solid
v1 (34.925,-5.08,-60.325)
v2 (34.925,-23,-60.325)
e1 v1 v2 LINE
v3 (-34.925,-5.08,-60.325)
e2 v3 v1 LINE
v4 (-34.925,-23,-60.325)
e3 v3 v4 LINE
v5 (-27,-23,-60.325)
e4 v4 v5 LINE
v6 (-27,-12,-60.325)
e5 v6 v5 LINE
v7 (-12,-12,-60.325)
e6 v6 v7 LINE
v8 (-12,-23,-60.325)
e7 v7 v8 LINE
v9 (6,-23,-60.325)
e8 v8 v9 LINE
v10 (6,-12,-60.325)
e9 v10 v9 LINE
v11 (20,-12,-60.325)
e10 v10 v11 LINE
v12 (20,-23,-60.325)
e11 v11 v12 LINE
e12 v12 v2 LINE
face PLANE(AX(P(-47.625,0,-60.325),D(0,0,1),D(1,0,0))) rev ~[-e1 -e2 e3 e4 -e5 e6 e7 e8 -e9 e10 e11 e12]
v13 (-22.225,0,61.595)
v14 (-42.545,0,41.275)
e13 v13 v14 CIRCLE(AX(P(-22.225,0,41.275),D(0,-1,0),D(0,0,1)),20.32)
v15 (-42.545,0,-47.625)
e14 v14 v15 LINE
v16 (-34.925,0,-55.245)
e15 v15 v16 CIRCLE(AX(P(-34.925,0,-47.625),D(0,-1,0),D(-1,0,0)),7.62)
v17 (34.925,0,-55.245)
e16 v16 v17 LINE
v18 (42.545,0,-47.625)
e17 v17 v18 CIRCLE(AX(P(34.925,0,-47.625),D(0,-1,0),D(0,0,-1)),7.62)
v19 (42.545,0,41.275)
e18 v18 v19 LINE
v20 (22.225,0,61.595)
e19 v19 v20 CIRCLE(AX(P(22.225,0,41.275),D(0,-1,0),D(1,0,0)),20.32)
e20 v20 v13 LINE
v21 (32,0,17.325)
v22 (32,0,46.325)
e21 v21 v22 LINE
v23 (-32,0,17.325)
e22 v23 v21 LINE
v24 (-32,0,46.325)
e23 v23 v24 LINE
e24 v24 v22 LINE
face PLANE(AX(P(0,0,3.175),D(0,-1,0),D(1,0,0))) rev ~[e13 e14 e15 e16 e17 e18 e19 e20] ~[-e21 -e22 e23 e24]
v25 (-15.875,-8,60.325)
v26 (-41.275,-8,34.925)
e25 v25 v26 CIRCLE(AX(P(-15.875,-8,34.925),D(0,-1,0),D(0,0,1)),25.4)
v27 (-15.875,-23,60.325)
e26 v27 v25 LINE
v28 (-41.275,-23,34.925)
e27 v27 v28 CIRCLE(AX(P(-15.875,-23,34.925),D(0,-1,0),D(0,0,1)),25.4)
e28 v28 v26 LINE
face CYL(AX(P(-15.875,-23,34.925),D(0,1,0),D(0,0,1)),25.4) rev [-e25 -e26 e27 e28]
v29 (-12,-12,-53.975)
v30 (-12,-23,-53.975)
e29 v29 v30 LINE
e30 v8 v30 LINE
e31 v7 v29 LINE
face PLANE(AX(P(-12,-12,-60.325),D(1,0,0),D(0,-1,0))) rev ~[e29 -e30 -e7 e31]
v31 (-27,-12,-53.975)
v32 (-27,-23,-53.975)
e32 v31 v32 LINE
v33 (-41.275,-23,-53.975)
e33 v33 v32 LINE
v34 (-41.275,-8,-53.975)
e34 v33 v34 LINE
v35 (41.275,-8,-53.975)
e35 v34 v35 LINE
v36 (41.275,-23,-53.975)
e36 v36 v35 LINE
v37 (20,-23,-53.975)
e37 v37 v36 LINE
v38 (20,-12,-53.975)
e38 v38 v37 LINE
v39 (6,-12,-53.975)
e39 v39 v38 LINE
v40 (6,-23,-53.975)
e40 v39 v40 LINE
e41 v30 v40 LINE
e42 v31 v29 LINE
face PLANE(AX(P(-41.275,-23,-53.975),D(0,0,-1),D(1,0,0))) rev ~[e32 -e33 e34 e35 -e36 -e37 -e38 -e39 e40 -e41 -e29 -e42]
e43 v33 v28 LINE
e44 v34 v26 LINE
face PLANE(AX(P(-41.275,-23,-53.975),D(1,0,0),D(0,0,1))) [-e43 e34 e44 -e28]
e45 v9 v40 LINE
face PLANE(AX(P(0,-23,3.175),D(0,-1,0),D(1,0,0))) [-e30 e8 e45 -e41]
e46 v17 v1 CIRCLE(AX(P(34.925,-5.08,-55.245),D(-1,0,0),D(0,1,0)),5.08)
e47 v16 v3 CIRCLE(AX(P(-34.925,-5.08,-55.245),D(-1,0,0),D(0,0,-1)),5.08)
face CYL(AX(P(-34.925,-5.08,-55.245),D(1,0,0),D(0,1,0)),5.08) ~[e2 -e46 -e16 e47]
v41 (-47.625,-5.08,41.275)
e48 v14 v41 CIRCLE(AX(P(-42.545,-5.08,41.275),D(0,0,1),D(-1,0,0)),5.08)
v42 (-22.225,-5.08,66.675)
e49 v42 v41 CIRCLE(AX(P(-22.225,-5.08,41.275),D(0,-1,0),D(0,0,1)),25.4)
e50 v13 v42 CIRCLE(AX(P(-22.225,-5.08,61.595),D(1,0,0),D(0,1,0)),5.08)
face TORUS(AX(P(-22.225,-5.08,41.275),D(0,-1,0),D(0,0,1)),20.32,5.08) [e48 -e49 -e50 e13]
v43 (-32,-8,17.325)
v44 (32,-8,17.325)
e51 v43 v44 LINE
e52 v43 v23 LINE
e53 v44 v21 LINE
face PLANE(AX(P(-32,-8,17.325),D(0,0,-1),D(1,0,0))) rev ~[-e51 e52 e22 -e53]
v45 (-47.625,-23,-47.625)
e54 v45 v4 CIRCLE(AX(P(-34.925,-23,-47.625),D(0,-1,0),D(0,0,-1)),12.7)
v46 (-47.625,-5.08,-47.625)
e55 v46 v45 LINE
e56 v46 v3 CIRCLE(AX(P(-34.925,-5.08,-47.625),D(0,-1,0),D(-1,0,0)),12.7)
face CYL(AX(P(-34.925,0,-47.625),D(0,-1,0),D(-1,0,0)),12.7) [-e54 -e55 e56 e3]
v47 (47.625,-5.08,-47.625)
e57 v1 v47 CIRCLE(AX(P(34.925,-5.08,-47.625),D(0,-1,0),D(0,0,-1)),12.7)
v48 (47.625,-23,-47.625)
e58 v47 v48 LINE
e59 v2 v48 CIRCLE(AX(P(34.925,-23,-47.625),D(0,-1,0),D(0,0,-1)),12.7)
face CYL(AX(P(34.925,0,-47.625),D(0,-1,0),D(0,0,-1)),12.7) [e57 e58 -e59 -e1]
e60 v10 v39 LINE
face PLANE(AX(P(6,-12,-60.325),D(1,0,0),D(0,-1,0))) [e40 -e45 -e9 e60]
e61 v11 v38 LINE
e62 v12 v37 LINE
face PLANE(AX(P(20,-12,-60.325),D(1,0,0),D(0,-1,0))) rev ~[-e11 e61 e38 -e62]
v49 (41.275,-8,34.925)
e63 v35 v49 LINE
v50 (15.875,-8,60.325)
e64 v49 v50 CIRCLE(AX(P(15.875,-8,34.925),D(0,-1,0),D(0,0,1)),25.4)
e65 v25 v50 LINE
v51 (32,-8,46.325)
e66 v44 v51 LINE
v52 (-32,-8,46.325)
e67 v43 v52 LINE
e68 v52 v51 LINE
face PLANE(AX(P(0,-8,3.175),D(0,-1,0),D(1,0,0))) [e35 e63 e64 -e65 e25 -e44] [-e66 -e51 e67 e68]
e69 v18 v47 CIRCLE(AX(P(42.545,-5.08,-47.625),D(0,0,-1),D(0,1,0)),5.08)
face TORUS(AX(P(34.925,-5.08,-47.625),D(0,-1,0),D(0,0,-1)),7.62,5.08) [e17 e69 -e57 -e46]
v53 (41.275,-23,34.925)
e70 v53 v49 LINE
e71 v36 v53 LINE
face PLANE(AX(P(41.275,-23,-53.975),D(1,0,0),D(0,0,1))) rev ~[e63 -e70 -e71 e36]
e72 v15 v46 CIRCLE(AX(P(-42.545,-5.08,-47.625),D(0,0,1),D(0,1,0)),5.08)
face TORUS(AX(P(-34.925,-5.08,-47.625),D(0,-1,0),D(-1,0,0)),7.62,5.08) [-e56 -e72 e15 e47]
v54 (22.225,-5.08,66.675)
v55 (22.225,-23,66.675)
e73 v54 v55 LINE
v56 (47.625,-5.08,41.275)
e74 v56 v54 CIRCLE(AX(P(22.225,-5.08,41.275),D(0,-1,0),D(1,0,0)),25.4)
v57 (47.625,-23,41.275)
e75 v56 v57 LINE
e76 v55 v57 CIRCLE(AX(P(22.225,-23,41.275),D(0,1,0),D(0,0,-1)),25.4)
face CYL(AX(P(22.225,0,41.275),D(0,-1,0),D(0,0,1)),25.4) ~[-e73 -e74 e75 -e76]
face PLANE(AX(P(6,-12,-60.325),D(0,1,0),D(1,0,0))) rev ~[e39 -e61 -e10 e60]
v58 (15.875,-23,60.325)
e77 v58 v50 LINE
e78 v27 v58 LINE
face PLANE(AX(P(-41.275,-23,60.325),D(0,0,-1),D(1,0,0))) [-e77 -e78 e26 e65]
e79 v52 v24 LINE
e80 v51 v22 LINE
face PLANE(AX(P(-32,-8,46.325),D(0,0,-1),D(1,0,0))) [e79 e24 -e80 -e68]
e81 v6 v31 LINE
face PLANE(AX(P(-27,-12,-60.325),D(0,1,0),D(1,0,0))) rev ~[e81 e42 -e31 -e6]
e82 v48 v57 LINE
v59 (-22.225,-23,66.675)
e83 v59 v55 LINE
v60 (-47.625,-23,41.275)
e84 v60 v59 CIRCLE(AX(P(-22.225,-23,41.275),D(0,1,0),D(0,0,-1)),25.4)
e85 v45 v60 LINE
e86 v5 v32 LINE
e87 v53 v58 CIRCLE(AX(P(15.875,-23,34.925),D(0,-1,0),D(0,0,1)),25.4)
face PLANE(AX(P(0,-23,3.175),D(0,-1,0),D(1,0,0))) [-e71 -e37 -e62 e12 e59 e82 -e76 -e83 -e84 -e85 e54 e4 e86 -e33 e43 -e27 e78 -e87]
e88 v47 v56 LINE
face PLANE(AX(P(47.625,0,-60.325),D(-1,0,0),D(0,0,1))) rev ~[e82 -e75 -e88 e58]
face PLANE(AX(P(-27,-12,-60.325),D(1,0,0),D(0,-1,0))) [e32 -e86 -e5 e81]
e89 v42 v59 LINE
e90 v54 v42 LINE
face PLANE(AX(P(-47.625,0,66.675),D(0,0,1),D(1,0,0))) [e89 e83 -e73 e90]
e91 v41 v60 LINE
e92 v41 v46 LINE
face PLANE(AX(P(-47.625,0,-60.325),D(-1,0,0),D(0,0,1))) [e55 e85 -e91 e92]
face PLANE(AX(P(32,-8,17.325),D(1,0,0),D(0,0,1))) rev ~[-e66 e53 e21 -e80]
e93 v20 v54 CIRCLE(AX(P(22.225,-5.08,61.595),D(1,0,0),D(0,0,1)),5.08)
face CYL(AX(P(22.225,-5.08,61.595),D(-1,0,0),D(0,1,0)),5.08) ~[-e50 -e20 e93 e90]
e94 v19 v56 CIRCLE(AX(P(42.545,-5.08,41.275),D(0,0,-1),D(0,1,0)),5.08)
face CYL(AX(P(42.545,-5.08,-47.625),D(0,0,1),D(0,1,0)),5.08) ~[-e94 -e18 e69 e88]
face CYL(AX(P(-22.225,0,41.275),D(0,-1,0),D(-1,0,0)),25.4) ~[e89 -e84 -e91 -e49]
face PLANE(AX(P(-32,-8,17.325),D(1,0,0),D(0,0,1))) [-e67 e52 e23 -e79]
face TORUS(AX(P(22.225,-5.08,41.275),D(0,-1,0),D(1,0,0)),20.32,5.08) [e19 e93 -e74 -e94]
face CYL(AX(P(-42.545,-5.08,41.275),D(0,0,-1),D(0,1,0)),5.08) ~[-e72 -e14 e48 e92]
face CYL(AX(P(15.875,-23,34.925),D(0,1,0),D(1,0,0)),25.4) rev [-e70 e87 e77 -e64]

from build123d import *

# Parameters (mm, degrees)
F0_W      = 95.25
F0_H      = 127
F1_DEPTH  = 23
F2_W      = 82.55
F2_H      = 114.3
F3_DEPTH  = 15
F4_W      = 64
F4_H      = 29
F5_DEPTH  = 25.4
F6_R      = 25.4
F7_R      = 12.7
F8_R      = 5.08
F9_W      = 14
F9_H      = 11
F10_DEPTH = 12.7
F11_W     = 15
F11_H     = 11
F12_DEPTH = 12.7


with BuildPart() as f1:
    # F0 (on Front) → F1 (new body)
    with BuildSketch(Plane.XZ):
        with Locations((0, 3.175)):
            Rectangle(F0_W, F0_H)
    extrude(amount=F1_DEPTH)

    # F2 (on face) → F3 (cut)
    with BuildSketch(Plane.XZ.offset(23)):
        with Locations((0, 3.175)):
            Rectangle(F2_W, F2_H)
    extrude(amount=-F3_DEPTH, mode=Mode.SUBTRACT)

    # F4 (on face) → F5 (cut)
    with BuildSketch(Plane.XZ.offset(8)):
        with Locations((0, 31.825)):
            Rectangle(F4_W, F4_H)
    extrude(amount=-F5_DEPTH, mode=Mode.SUBTRACT)

    # F6
    f6_edges = [f1.edges().sort_by_distance(p)[0] for p in [
        (-47.625, -11.5, 66.675),
        (47.625, -11.5, 66.675),
        (41.275, -15.5, 60.325),
        (-41.275, -15.5, 60.325),
    ]]
    fillet(f6_edges, radius=F6_R)

    # F7
    f7_edges = [f1.edges().sort_by_distance(p)[0] for p in [
        (-47.625, -11.5, -60.325),
        (47.625, -11.5, -60.325),
    ]]
    fillet(f7_edges, radius=F7_R)

    # F8
    f8_edges = [f1.edges().sort_by_distance(p)[0] for p in [
        (47.625, 0, -3.175),
        (40.185512, 0, 59.235512),
        (0, 0, 66.675),
        (-40.185512, 0, 59.235512),
        (-47.625, 0, -3.175),
    ]]
    fillet(f8_edges, radius=F8_R)

    # F9 (on face) → F10 (cut)
    with BuildSketch(Plane(origin=(0, 0, -60.325), x_dir=(1, 0, 0), z_dir=(0, 0, -1))):
        with Locations((13, 17.5)):
            Rectangle(F9_W, F9_H)
    extrude(amount=-F10_DEPTH, mode=Mode.SUBTRACT)

    # F11 (on face) → F12 (cut)
    with BuildSketch(Plane(origin=(0, 0, -60.325), x_dir=(1, 0, 0), z_dir=(0, 0, -1))):
        with Locations((-19.5, 17.5)):
            Rectangle(F11_W, F11_H)
    extrude(amount=-F12_DEPTH, mode=Mode.SUBTRACT)


solid = f1.part
